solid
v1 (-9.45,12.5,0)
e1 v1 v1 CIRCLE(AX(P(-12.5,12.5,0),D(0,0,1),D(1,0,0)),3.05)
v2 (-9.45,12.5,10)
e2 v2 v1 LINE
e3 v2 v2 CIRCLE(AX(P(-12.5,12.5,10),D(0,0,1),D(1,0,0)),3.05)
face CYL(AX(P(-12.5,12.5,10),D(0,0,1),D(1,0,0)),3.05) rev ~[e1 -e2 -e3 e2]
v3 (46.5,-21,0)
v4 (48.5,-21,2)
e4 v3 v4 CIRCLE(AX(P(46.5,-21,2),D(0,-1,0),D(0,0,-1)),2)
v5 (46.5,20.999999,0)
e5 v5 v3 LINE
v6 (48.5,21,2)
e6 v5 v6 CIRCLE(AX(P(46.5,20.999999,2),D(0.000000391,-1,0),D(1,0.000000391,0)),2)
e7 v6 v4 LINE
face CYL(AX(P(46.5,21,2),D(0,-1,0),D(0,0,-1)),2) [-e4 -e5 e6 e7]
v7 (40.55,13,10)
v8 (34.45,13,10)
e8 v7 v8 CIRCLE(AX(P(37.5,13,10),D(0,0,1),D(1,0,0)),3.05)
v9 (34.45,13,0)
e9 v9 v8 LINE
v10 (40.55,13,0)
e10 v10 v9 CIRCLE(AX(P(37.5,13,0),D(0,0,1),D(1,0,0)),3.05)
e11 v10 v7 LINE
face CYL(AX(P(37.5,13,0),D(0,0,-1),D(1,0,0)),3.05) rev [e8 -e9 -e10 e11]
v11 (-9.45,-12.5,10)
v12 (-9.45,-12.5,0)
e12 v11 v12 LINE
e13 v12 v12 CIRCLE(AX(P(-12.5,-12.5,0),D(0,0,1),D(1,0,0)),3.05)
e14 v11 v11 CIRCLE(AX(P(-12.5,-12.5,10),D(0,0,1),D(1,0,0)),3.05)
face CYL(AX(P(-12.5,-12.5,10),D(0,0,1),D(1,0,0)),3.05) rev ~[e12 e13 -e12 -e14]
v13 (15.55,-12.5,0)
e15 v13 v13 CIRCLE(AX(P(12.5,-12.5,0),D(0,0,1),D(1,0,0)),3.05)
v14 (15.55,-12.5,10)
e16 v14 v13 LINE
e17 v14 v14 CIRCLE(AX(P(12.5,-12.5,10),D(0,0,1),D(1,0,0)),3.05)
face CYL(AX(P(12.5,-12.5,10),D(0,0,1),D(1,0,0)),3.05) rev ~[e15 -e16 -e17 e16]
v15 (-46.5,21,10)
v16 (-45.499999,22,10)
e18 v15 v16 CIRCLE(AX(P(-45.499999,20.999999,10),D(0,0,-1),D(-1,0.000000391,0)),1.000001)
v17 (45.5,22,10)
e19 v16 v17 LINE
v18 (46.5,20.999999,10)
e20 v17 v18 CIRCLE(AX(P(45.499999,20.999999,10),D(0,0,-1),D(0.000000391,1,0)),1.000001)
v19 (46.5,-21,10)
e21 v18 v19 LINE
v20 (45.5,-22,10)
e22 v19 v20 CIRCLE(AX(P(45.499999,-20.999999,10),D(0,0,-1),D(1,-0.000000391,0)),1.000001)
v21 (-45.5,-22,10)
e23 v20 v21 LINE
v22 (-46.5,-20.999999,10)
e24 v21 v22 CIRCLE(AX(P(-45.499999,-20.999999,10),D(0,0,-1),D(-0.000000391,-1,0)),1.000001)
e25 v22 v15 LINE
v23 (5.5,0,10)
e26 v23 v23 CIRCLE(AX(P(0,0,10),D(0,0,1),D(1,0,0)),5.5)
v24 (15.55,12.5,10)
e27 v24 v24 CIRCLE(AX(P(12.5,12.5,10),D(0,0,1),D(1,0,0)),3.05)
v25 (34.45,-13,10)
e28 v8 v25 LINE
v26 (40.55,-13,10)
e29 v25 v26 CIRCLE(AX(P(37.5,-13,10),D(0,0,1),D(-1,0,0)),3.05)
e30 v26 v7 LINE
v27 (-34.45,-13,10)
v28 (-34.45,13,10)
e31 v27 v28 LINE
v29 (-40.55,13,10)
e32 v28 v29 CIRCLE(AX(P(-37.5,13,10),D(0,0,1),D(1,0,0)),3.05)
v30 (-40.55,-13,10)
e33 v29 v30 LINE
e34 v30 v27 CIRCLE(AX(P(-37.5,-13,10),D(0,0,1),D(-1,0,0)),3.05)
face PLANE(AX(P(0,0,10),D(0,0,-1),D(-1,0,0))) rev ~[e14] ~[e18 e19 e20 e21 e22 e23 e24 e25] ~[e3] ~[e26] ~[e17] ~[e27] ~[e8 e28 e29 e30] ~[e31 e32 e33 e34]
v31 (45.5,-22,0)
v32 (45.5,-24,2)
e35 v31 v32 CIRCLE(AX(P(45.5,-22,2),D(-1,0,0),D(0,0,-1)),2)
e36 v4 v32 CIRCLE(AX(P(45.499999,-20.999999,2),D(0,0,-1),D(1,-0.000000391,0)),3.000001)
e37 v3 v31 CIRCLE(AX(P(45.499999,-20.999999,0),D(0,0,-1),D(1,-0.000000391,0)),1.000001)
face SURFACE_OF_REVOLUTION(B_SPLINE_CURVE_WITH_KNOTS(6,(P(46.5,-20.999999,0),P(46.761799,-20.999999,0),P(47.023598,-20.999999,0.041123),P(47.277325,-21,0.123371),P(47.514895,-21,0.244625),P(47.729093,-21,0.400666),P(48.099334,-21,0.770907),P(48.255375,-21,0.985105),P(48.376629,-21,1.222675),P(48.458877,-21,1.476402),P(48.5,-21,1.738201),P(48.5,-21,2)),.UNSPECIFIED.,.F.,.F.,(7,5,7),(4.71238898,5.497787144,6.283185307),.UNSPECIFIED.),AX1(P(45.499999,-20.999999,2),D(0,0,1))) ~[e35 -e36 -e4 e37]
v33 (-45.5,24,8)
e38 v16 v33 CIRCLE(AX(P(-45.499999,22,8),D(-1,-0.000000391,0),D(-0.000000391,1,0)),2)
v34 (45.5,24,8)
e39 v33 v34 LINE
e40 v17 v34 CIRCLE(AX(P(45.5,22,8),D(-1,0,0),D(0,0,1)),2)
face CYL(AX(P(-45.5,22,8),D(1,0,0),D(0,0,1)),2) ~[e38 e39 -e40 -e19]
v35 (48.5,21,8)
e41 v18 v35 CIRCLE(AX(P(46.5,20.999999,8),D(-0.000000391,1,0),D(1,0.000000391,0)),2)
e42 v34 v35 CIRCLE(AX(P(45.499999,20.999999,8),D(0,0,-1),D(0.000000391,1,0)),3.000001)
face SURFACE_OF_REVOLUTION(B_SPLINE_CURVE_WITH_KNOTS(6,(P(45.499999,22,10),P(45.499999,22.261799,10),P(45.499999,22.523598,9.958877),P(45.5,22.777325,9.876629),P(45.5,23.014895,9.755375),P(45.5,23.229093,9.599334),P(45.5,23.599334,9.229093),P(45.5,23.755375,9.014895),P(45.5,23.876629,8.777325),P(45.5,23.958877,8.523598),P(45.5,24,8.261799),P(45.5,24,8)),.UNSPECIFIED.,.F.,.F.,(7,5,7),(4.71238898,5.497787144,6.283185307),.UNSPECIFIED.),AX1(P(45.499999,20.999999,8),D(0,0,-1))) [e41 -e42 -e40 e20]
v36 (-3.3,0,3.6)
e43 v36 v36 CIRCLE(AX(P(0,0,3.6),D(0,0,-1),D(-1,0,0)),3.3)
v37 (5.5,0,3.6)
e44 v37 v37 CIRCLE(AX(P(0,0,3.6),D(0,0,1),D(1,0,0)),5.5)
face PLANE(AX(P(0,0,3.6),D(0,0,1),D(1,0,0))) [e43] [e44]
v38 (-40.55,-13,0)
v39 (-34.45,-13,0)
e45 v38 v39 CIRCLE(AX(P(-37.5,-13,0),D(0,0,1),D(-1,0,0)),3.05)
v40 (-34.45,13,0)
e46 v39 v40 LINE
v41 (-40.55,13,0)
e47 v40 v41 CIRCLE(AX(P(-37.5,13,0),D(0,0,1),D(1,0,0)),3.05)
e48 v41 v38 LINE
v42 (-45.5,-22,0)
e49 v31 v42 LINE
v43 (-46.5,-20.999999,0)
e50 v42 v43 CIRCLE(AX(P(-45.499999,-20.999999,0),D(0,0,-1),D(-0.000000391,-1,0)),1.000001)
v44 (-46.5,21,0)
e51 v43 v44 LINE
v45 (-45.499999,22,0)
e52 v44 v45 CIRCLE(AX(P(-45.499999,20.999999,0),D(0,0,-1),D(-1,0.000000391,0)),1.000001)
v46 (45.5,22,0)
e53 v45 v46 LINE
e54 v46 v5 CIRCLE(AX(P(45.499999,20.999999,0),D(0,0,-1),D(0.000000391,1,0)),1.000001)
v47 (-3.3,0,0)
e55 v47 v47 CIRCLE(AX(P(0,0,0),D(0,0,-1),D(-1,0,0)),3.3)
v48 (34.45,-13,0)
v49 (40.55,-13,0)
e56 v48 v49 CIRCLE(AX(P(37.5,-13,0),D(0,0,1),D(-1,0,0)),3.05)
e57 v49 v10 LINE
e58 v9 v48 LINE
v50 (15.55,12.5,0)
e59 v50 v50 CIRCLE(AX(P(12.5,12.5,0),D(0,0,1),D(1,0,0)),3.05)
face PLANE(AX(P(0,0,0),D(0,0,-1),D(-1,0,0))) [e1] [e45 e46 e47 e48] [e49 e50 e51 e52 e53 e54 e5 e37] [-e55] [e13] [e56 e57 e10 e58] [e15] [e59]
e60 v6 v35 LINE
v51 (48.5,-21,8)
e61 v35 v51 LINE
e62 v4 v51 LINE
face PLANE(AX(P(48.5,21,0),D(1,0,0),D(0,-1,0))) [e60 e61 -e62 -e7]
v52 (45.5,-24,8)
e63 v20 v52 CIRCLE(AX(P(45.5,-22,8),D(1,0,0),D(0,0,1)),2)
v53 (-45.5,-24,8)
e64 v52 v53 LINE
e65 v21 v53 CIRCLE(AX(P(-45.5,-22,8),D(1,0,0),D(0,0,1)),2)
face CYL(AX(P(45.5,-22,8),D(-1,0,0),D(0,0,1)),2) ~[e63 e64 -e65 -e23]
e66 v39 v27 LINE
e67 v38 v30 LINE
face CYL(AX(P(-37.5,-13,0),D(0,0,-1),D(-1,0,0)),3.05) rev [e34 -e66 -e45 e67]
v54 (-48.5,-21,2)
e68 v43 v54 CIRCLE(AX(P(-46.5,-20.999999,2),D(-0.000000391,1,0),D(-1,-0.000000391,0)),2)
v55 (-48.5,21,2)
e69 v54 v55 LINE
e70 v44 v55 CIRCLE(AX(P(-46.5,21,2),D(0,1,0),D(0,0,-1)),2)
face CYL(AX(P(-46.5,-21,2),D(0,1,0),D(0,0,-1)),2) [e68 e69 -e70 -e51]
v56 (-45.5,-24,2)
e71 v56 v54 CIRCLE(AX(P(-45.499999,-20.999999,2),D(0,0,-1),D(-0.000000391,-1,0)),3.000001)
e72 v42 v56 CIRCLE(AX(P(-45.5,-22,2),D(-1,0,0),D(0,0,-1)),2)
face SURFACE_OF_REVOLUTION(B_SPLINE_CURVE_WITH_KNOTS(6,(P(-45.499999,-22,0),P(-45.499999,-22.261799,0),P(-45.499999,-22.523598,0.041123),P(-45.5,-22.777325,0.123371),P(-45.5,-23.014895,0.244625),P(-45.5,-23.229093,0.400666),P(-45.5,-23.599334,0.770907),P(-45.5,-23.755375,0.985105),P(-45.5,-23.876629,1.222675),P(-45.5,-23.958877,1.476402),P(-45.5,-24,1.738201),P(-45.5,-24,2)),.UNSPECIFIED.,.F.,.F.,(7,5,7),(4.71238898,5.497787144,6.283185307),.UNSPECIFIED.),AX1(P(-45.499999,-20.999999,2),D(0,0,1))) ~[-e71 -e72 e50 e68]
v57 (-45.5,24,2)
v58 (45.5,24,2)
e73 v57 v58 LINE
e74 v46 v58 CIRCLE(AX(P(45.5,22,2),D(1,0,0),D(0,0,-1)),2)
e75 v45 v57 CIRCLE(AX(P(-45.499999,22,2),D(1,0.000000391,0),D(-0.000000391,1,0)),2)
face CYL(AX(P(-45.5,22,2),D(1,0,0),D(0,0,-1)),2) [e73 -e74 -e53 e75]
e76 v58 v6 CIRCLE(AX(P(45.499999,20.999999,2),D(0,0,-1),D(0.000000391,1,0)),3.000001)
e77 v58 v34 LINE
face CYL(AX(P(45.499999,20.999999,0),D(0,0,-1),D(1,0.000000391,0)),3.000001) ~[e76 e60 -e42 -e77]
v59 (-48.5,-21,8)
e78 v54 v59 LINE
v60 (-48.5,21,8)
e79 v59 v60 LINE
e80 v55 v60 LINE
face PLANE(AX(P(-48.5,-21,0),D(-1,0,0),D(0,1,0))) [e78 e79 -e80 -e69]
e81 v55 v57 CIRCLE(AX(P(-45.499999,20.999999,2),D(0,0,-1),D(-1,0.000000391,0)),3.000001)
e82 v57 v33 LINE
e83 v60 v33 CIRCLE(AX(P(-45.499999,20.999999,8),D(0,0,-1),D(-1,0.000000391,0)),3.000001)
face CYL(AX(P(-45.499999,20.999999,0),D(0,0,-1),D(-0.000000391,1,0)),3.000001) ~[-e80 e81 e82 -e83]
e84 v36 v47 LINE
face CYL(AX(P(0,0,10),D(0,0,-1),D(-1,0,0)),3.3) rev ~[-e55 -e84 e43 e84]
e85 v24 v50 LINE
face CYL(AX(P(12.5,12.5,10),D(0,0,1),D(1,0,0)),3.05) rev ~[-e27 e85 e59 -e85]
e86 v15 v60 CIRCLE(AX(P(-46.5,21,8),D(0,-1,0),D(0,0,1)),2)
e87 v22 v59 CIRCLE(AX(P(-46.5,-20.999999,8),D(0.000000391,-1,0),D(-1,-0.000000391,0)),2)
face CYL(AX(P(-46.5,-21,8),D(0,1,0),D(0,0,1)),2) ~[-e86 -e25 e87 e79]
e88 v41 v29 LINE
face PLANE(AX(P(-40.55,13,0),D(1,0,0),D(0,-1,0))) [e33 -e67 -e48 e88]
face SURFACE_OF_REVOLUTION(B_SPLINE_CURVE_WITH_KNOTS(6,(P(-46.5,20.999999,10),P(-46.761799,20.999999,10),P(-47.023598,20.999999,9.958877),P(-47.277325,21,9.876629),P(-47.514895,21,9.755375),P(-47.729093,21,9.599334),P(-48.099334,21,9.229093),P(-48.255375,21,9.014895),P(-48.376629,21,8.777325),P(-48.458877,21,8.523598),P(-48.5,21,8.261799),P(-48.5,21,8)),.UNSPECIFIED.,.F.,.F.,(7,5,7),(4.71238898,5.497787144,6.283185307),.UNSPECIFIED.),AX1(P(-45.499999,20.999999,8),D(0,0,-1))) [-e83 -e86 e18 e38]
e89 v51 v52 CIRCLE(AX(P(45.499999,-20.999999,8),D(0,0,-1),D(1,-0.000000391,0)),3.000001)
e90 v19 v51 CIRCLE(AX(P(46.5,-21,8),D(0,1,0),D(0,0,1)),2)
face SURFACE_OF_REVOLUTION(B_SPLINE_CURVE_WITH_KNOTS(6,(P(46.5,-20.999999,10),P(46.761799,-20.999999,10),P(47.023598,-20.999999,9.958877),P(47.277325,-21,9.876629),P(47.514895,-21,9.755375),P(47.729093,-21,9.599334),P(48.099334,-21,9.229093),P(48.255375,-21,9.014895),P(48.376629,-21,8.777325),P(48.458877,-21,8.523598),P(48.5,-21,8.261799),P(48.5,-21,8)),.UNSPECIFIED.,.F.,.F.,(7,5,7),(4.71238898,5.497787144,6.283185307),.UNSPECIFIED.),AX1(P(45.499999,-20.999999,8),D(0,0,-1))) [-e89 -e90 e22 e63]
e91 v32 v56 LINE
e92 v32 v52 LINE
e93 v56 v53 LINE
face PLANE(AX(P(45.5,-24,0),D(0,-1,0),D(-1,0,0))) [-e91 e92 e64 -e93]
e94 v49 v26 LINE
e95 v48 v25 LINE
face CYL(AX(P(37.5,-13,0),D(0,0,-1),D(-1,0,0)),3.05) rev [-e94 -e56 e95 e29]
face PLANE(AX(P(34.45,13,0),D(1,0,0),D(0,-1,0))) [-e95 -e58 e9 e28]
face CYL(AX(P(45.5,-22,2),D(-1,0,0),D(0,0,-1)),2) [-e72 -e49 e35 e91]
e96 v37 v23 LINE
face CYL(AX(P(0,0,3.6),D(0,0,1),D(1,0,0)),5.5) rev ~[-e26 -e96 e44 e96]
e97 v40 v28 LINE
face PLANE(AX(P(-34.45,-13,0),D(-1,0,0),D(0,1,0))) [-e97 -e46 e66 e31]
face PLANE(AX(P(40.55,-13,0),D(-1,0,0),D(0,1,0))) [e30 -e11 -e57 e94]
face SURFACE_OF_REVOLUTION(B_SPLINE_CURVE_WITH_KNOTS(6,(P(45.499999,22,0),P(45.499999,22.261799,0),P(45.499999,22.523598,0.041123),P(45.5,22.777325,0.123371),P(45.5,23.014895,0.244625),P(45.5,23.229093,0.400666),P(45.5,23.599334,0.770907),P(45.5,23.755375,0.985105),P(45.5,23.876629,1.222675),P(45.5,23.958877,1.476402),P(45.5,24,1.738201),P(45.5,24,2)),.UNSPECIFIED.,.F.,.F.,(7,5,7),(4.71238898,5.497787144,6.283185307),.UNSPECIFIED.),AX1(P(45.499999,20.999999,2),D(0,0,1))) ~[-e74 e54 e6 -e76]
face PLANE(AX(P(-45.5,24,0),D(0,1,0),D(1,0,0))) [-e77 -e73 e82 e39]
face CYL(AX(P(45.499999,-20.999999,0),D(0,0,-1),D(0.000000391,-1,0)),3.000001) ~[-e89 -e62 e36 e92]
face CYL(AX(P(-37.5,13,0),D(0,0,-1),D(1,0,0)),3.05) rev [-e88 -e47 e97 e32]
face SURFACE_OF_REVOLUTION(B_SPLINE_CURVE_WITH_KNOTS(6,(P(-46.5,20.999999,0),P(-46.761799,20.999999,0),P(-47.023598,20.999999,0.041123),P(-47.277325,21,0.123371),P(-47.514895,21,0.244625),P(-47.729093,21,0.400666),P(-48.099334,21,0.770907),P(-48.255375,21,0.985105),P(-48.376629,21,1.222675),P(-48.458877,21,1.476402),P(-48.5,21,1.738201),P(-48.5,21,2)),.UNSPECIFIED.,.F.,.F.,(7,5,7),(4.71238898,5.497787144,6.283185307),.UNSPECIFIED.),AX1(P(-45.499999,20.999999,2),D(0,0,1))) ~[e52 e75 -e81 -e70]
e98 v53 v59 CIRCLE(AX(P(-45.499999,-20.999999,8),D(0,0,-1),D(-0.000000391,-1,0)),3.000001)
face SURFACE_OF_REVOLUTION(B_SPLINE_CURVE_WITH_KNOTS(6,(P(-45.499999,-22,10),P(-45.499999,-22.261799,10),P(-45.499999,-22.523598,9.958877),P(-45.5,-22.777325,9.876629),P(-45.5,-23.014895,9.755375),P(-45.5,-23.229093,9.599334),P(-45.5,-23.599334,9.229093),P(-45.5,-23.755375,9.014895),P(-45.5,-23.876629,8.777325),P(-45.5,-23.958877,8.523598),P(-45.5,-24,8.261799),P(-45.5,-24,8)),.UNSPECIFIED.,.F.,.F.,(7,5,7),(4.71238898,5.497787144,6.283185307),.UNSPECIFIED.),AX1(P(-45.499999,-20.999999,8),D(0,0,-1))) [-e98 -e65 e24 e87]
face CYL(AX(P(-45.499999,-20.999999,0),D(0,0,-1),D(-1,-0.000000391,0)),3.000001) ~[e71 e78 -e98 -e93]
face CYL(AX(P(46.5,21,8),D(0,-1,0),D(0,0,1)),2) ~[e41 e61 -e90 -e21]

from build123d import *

# Parameters (mm, degrees)
PAD_DEPTH        = 10
SKETCH001_R      = 3.05
POCKET_DEPTH     = 10.001
FILLET_R         = 2
FILLET001_R      = 2
HOLE_D           = 6.6
HOLE_DEPTH       = 25
HOLE_CBORE_D     = 11
HOLE_CBORE_DEPTH = 6.4


with BuildPart() as part:
    # Sketch → Pad (new body)
    with BuildSketch(Plane.XY):
        with BuildLine():
            Line((-45.5, 24), (45.5, 24))
            ThreePointArc((48.5, 21), (47.62132, 23.12132), (45.5, 24))
            Line((48.5, 21), (48.5, -21))
            ThreePointArc((45.5, -24), (47.62132, -23.12132), (48.5, -21))
            Line((45.5, -24), (-45.5, -24))
            ThreePointArc((-48.5, -21), (-47.62132, -23.12132), (-45.5, -24))
            Line((-48.5, -21), (-48.5, 21))
            ThreePointArc((-45.5, 24), (-47.62132, 23.12132), (-48.5, 21))
        make_face()
        with BuildLine():
            ThreePointArc((40.55, 13), (37.5, 16.05), (34.45, 13))
            Line((34.45, 13), (34.45, -13))
            ThreePointArc((34.45, -13), (37.5, -16.05), (40.55, -13))
            Line((40.55, -13), (40.55, 13))
        make_face(mode=Mode.SUBTRACT)
        with BuildLine():
            ThreePointArc((-34.45, 13), (-37.5, 16.05), (-40.55, 13))
            Line((-40.55, 13), (-40.55, -13))
            ThreePointArc((-40.55, -13), (-37.5, -16.05), (-34.45, -13))
            Line((-34.45, -13), (-34.45, 13))
        make_face(mode=Mode.SUBTRACT)
    extrude(amount=PAD_DEPTH)

    # Sketch001 (on Face18 of Pad) → Pocket (cut, through all)
    with BuildSketch(Plane.XY.offset(10)):
        with Locations((-12.5, 12.5)):
            Circle(SKETCH001_R)
        with Locations((12.5, 12.5)):
            Circle(SKETCH001_R)
        with Locations((-12.5, -12.5)):
            Circle(SKETCH001_R)
        with Locations((12.5, -12.5)):
            Circle(SKETCH001_R)
    extrude(amount=-POCKET_DEPTH, mode=Mode.SUBTRACT)

    # Fillet
    fillet_edges = [part.edges().sort_by_distance(p)[0] for p in [
        (0, -24, 10),
    ]]
    fillet(fillet_edges, radius=FILLET_R)

    # Fillet001
    fillet001_edges = [part.edges().sort_by_distance(p)[0] for p in [
        (0, -24, 0),
    ]]
    fillet(fillet001_edges, radius=FILLET001_R)

    # Hole
    with Locations(Plane.XY.offset(10)):
        with Locations((0, 0)):
            CounterBoreHole(HOLE_D / 2, HOLE_CBORE_D / 2, HOLE_CBORE_DEPTH, depth=HOLE_DEPTH)


solid = part.part
